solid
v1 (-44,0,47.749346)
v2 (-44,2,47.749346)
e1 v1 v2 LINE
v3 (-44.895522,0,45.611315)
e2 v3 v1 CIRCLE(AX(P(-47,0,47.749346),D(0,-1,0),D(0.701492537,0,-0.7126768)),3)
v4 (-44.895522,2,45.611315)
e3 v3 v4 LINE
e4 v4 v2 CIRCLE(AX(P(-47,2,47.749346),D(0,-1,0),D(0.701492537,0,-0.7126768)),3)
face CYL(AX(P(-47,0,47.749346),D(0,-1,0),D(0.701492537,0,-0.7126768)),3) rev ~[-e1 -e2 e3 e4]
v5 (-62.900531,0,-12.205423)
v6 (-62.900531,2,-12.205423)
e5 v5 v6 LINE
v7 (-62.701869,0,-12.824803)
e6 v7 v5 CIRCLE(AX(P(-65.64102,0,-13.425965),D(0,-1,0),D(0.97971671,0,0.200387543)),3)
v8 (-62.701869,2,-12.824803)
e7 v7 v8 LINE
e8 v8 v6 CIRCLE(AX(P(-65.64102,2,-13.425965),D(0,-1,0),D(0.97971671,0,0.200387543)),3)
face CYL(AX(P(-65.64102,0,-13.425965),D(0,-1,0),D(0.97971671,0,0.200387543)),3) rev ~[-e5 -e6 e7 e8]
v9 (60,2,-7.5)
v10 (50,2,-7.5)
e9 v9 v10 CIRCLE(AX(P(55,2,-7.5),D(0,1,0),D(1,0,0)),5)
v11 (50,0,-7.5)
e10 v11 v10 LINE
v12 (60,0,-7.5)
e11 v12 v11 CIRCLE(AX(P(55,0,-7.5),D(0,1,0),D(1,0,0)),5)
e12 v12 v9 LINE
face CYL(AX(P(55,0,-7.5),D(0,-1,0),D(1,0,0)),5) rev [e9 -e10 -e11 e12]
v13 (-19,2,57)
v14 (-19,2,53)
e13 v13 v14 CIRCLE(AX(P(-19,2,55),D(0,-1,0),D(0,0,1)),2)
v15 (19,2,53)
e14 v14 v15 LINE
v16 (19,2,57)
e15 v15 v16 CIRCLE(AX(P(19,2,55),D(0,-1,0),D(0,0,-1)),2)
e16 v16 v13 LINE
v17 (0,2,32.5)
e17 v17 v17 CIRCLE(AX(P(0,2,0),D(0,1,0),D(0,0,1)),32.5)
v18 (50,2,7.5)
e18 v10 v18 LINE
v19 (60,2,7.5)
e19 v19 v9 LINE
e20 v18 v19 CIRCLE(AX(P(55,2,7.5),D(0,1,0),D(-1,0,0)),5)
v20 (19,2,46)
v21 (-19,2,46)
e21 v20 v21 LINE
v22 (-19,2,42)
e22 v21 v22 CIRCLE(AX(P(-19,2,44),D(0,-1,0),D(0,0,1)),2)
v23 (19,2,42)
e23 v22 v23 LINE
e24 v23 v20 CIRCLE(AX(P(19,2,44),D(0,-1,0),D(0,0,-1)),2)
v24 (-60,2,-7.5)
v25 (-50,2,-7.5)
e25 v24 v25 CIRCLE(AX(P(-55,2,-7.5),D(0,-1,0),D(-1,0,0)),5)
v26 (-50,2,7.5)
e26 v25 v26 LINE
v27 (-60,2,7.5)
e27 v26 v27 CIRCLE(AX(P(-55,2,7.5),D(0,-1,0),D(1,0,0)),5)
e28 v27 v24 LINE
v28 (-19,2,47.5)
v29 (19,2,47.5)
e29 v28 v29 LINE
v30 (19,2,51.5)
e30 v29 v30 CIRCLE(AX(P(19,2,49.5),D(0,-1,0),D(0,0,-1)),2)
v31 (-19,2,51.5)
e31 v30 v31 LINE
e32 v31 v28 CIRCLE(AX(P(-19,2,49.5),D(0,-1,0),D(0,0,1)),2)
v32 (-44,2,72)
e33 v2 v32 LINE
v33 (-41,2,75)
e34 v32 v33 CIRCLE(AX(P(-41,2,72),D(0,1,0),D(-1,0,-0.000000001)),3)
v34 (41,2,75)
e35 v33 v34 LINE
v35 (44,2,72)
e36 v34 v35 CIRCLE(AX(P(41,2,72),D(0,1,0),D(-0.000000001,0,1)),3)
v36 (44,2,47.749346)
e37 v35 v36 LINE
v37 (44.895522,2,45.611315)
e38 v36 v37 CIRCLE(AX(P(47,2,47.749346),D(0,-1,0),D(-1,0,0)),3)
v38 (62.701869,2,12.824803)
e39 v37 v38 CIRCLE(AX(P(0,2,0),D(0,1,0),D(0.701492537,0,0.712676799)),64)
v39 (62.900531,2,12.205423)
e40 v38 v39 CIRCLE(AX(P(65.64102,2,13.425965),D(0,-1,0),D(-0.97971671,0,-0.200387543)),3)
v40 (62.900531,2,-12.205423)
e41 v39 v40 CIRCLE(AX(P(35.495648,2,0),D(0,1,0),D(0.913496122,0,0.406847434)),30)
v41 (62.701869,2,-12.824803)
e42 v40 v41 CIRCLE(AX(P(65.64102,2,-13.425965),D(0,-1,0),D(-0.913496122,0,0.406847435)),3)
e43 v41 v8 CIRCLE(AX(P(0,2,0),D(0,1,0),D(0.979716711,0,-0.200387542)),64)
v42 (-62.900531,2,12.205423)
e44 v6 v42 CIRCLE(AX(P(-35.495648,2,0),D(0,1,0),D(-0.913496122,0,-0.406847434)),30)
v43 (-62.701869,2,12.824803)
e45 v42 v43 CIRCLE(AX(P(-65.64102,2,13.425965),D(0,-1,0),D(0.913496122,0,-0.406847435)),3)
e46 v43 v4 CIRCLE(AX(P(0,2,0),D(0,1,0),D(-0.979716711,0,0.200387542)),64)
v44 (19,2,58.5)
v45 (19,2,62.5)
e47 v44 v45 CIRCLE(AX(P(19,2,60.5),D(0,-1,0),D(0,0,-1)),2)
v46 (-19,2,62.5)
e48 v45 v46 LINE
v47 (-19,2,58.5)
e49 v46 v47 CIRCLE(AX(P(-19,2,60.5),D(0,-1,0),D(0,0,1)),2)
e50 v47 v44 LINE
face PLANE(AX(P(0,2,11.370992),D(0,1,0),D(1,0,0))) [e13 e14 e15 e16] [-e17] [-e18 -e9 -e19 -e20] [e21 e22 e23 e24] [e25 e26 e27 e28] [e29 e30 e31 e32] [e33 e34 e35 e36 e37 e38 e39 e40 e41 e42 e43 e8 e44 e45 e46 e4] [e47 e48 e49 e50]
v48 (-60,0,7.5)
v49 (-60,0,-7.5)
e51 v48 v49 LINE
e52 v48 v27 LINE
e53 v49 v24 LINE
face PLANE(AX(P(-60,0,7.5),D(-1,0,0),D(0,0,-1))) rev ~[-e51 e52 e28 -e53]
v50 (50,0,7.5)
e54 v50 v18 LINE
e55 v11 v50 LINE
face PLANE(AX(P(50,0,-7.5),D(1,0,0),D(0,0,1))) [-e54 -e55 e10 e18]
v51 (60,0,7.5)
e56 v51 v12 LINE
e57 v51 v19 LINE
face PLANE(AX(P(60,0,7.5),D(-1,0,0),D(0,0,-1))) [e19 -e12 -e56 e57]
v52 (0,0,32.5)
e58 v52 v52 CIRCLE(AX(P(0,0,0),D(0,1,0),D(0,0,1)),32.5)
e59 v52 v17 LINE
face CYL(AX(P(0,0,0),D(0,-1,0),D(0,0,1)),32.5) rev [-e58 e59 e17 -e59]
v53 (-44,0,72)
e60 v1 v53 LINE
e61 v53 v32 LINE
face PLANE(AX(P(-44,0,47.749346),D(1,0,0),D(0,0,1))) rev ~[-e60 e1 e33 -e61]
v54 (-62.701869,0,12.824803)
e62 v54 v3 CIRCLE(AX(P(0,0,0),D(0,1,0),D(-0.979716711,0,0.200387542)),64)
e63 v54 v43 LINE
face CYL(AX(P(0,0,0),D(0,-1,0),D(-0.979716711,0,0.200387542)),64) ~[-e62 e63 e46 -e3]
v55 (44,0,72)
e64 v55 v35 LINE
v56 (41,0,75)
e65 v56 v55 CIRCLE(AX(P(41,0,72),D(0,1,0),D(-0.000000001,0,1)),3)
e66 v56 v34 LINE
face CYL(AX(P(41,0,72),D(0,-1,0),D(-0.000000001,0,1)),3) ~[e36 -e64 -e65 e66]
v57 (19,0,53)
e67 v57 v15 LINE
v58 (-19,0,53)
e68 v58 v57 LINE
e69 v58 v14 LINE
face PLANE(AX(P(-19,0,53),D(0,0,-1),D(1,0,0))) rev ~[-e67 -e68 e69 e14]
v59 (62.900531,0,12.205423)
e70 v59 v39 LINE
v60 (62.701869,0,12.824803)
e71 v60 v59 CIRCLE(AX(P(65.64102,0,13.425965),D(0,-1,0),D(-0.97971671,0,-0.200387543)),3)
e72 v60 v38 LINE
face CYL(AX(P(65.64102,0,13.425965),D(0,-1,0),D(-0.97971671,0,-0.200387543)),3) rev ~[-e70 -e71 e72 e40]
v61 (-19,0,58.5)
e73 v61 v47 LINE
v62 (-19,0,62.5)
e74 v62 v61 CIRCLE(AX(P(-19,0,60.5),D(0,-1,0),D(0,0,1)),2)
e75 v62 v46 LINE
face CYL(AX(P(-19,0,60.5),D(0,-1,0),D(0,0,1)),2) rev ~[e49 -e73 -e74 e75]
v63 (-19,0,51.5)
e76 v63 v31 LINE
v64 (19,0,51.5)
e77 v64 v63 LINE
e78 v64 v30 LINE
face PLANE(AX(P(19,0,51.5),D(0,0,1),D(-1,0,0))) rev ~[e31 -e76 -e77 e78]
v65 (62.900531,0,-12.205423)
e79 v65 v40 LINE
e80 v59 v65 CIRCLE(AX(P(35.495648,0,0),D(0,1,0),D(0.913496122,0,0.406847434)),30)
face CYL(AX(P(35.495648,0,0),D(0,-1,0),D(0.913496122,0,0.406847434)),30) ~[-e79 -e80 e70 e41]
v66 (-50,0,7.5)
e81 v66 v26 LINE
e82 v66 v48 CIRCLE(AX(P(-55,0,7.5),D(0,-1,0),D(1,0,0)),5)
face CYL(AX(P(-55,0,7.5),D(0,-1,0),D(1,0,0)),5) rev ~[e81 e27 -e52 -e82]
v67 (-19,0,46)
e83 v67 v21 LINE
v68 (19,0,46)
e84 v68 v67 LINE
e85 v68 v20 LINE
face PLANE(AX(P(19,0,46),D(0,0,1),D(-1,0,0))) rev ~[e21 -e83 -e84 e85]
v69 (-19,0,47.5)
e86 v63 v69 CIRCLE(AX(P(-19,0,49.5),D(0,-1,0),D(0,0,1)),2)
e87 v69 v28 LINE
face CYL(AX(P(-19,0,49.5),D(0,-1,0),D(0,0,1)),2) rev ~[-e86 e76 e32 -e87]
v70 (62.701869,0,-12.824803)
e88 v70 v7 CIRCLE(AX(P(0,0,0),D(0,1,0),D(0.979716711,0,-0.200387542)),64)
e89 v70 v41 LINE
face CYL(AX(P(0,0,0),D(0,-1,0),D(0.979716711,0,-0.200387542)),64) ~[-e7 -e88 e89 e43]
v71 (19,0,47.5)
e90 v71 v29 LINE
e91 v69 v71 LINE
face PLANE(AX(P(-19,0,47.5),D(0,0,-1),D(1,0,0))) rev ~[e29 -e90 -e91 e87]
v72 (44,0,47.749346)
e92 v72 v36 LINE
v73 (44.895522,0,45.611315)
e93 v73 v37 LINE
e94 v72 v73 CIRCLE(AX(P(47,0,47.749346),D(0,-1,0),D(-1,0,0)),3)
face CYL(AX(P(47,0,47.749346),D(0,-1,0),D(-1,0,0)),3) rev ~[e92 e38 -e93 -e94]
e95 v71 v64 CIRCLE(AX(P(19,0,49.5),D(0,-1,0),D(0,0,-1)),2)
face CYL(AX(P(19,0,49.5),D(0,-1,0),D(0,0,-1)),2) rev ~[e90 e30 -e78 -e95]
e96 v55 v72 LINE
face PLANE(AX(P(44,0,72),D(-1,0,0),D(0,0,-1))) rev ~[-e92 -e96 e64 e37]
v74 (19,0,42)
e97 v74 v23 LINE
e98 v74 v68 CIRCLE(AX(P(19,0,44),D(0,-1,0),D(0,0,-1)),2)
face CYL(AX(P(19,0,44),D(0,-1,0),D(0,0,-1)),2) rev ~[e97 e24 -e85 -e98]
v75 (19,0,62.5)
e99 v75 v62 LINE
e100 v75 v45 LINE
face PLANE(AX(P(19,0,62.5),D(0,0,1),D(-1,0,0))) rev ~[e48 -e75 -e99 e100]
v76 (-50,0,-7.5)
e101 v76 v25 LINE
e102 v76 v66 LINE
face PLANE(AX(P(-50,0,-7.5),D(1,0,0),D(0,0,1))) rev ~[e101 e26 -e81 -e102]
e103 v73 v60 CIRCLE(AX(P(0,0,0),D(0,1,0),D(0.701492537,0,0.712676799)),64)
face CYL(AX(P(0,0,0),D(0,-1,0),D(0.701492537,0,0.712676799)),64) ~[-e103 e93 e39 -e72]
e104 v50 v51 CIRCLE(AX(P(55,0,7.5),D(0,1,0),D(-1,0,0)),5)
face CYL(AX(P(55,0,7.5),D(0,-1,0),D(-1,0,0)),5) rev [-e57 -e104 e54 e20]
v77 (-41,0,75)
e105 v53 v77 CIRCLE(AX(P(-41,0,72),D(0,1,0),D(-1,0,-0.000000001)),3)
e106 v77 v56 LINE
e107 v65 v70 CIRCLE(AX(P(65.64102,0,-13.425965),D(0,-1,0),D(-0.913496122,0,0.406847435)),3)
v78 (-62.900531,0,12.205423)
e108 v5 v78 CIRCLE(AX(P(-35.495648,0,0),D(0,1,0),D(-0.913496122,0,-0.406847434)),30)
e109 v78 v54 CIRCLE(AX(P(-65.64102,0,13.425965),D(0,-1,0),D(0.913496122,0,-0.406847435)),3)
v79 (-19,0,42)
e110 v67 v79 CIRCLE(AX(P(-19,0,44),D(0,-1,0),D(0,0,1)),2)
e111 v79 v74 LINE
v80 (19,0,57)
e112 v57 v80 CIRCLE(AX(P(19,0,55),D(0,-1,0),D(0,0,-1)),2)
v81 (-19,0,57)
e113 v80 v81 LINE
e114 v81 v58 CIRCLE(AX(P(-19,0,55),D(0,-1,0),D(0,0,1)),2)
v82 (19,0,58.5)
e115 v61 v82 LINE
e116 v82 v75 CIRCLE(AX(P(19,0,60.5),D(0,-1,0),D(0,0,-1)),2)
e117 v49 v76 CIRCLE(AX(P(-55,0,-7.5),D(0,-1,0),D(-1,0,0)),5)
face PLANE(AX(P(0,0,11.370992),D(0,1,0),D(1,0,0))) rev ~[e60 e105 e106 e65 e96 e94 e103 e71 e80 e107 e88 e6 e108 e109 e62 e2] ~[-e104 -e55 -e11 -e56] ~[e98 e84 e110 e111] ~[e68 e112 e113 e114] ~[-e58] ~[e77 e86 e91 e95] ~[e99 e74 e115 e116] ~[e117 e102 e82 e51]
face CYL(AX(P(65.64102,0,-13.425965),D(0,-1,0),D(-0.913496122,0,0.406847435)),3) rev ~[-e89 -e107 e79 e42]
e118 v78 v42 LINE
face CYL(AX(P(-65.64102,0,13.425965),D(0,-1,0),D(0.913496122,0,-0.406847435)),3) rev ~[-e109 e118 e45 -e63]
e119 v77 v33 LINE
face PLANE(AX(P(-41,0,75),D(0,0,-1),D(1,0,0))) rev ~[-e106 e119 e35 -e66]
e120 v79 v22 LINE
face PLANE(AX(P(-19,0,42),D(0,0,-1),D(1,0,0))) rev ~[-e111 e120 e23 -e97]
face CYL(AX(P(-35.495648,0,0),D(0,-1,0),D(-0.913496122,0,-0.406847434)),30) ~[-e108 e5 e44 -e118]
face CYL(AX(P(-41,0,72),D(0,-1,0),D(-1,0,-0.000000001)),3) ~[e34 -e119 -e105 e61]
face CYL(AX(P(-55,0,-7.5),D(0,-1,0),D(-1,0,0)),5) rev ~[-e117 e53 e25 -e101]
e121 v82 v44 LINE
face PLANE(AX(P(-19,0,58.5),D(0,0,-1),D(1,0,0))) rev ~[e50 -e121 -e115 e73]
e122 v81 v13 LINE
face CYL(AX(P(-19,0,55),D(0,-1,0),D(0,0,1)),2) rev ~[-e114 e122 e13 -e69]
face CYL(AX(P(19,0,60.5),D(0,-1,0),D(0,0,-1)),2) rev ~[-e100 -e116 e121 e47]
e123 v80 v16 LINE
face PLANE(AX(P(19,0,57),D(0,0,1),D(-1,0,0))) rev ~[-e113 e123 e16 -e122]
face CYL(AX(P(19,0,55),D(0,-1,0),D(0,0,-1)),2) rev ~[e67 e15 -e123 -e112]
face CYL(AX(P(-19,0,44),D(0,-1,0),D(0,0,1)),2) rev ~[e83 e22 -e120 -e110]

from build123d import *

# Parameters (mm, degrees)
SKETCH1_R           = 32.5
BOSS_EXTRUDE1_DEPTH = 2


with BuildPart() as part:
    # Sketch1 → Boss-Extrude1 (new body)
    with BuildSketch(Plane(origin=(0, 0, 0), x_dir=(1, 0, 0), z_dir=(0, 1, 0))):
        with BuildLine():
            Line((-41, -75), (41, -75))
            ThreePointArc((41, -75), (43.121320344, -74.121320344), (44, -72))
            Line((44, -72), (44, -47.749345545))
            ThreePointArc((44, -47.749345545), (44.232922766, -46.590344431), (44.895522388, -45.611315148))
            ThreePointArc((44.895522388, -45.611315148), (56.240897341, -30.544417924), (62.701869476, -12.824802695))
            ThreePointArc((62.701869476, -12.824802695), (62.784364017, -12.509712717), (62.900531241, -12.20542302))
            ThreePointArc((62.900531241, -12.20542302), (65.495647572, 0), (62.900531241, 12.20542302))
            ThreePointArc((62.900531241, 12.20542302), (62.784364017, 12.509712717), (62.701869476, 12.824802695))
            ThreePointArc((62.701869476, 12.824802695), (0, 64), (-62.701869476, 12.824802695))
            ThreePointArc((-62.701869476, 12.824802695), (-62.784364017, 12.509712717), (-62.900531241, 12.20542302))
            ThreePointArc((-62.900531241, 12.20542302), (-65.495647572, 0), (-62.900531241, -12.20542302))
            ThreePointArc((-62.900531241, -12.20542302), (-62.784364017, -12.509712717), (-62.701869476, -12.824802695))
            ThreePointArc((-62.701869476, -12.824802695), (-56.240897341, -30.544417924), (-44.895522388, -45.611315148))
            ThreePointArc((-44.895522388, -45.611315148), (-44.232922766, -46.590344431), (-44, -47.749345545))
            Line((-44, -47.749345545), (-44, -72))
            ThreePointArc((-44, -72), (-43.121320344, -74.121320344), (-41, -75))
        make_face()
        with Locations(Location((0, 0, 0), (0, 0, 270))):
            Circle(SKETCH1_R, mode=Mode.SUBTRACT)
        with BuildLine():
            Line((-50, 7.5), (-50, -7.5))
            ThreePointArc((-50, -7.5), (-55, -12.5), (-60, -7.5))
            Line((-60, -7.5), (-60, 7.5))
            ThreePointArc((-60, 7.5), (-55, 12.5), (-50, 7.5))
        make_face(mode=Mode.SUBTRACT)
        with BuildLine():
            Line((50, 7.5), (50, -7.5))
            ThreePointArc((50, -7.5), (55, -12.5), (60, -7.5))
            Line((60, -7.5), (60, 7.5))
            ThreePointArc((60, 7.5), (55, 12.5), (50, 7.5))
        make_face(mode=Mode.SUBTRACT)
        with BuildLine():
            Line((-19, -42), (19, -42))
            ThreePointArc((19, -42), (21, -44), (19, -46))
            Line((19, -46), (-19, -46))
            ThreePointArc((-19, -46), (-21, -44), (-19, -42))
        make_face(mode=Mode.SUBTRACT)
        with BuildLine():
            Line((-19, -47.5), (19, -47.5))
            ThreePointArc((19, -47.5), (21, -49.5), (19, -51.5))
            Line((19, -51.5), (-19, -51.5))
            ThreePointArc((-19, -51.5), (-21, -49.5), (-19, -47.5))
        make_face(mode=Mode.SUBTRACT)
        with BuildLine():
            Line((-19, -53), (19, -53))
            ThreePointArc((19, -53), (21, -55), (19, -57))
            Line((19, -57), (-19, -57))
            ThreePointArc((-19, -57), (-21, -55), (-19, -53))
        make_face(mode=Mode.SUBTRACT)
        with BuildLine():
            Line((-19, -58.5), (19, -58.5))
            ThreePointArc((19, -58.5), (21, -60.5), (19, -62.5))
            Line((19, -62.5), (-19, -62.5))
            ThreePointArc((-19, -62.5), (-21, -60.5), (-19, -58.5))
        make_face(mode=Mode.SUBTRACT)
    extrude(amount=BOSS_EXTRUDE1_DEPTH)


solid = part.part
